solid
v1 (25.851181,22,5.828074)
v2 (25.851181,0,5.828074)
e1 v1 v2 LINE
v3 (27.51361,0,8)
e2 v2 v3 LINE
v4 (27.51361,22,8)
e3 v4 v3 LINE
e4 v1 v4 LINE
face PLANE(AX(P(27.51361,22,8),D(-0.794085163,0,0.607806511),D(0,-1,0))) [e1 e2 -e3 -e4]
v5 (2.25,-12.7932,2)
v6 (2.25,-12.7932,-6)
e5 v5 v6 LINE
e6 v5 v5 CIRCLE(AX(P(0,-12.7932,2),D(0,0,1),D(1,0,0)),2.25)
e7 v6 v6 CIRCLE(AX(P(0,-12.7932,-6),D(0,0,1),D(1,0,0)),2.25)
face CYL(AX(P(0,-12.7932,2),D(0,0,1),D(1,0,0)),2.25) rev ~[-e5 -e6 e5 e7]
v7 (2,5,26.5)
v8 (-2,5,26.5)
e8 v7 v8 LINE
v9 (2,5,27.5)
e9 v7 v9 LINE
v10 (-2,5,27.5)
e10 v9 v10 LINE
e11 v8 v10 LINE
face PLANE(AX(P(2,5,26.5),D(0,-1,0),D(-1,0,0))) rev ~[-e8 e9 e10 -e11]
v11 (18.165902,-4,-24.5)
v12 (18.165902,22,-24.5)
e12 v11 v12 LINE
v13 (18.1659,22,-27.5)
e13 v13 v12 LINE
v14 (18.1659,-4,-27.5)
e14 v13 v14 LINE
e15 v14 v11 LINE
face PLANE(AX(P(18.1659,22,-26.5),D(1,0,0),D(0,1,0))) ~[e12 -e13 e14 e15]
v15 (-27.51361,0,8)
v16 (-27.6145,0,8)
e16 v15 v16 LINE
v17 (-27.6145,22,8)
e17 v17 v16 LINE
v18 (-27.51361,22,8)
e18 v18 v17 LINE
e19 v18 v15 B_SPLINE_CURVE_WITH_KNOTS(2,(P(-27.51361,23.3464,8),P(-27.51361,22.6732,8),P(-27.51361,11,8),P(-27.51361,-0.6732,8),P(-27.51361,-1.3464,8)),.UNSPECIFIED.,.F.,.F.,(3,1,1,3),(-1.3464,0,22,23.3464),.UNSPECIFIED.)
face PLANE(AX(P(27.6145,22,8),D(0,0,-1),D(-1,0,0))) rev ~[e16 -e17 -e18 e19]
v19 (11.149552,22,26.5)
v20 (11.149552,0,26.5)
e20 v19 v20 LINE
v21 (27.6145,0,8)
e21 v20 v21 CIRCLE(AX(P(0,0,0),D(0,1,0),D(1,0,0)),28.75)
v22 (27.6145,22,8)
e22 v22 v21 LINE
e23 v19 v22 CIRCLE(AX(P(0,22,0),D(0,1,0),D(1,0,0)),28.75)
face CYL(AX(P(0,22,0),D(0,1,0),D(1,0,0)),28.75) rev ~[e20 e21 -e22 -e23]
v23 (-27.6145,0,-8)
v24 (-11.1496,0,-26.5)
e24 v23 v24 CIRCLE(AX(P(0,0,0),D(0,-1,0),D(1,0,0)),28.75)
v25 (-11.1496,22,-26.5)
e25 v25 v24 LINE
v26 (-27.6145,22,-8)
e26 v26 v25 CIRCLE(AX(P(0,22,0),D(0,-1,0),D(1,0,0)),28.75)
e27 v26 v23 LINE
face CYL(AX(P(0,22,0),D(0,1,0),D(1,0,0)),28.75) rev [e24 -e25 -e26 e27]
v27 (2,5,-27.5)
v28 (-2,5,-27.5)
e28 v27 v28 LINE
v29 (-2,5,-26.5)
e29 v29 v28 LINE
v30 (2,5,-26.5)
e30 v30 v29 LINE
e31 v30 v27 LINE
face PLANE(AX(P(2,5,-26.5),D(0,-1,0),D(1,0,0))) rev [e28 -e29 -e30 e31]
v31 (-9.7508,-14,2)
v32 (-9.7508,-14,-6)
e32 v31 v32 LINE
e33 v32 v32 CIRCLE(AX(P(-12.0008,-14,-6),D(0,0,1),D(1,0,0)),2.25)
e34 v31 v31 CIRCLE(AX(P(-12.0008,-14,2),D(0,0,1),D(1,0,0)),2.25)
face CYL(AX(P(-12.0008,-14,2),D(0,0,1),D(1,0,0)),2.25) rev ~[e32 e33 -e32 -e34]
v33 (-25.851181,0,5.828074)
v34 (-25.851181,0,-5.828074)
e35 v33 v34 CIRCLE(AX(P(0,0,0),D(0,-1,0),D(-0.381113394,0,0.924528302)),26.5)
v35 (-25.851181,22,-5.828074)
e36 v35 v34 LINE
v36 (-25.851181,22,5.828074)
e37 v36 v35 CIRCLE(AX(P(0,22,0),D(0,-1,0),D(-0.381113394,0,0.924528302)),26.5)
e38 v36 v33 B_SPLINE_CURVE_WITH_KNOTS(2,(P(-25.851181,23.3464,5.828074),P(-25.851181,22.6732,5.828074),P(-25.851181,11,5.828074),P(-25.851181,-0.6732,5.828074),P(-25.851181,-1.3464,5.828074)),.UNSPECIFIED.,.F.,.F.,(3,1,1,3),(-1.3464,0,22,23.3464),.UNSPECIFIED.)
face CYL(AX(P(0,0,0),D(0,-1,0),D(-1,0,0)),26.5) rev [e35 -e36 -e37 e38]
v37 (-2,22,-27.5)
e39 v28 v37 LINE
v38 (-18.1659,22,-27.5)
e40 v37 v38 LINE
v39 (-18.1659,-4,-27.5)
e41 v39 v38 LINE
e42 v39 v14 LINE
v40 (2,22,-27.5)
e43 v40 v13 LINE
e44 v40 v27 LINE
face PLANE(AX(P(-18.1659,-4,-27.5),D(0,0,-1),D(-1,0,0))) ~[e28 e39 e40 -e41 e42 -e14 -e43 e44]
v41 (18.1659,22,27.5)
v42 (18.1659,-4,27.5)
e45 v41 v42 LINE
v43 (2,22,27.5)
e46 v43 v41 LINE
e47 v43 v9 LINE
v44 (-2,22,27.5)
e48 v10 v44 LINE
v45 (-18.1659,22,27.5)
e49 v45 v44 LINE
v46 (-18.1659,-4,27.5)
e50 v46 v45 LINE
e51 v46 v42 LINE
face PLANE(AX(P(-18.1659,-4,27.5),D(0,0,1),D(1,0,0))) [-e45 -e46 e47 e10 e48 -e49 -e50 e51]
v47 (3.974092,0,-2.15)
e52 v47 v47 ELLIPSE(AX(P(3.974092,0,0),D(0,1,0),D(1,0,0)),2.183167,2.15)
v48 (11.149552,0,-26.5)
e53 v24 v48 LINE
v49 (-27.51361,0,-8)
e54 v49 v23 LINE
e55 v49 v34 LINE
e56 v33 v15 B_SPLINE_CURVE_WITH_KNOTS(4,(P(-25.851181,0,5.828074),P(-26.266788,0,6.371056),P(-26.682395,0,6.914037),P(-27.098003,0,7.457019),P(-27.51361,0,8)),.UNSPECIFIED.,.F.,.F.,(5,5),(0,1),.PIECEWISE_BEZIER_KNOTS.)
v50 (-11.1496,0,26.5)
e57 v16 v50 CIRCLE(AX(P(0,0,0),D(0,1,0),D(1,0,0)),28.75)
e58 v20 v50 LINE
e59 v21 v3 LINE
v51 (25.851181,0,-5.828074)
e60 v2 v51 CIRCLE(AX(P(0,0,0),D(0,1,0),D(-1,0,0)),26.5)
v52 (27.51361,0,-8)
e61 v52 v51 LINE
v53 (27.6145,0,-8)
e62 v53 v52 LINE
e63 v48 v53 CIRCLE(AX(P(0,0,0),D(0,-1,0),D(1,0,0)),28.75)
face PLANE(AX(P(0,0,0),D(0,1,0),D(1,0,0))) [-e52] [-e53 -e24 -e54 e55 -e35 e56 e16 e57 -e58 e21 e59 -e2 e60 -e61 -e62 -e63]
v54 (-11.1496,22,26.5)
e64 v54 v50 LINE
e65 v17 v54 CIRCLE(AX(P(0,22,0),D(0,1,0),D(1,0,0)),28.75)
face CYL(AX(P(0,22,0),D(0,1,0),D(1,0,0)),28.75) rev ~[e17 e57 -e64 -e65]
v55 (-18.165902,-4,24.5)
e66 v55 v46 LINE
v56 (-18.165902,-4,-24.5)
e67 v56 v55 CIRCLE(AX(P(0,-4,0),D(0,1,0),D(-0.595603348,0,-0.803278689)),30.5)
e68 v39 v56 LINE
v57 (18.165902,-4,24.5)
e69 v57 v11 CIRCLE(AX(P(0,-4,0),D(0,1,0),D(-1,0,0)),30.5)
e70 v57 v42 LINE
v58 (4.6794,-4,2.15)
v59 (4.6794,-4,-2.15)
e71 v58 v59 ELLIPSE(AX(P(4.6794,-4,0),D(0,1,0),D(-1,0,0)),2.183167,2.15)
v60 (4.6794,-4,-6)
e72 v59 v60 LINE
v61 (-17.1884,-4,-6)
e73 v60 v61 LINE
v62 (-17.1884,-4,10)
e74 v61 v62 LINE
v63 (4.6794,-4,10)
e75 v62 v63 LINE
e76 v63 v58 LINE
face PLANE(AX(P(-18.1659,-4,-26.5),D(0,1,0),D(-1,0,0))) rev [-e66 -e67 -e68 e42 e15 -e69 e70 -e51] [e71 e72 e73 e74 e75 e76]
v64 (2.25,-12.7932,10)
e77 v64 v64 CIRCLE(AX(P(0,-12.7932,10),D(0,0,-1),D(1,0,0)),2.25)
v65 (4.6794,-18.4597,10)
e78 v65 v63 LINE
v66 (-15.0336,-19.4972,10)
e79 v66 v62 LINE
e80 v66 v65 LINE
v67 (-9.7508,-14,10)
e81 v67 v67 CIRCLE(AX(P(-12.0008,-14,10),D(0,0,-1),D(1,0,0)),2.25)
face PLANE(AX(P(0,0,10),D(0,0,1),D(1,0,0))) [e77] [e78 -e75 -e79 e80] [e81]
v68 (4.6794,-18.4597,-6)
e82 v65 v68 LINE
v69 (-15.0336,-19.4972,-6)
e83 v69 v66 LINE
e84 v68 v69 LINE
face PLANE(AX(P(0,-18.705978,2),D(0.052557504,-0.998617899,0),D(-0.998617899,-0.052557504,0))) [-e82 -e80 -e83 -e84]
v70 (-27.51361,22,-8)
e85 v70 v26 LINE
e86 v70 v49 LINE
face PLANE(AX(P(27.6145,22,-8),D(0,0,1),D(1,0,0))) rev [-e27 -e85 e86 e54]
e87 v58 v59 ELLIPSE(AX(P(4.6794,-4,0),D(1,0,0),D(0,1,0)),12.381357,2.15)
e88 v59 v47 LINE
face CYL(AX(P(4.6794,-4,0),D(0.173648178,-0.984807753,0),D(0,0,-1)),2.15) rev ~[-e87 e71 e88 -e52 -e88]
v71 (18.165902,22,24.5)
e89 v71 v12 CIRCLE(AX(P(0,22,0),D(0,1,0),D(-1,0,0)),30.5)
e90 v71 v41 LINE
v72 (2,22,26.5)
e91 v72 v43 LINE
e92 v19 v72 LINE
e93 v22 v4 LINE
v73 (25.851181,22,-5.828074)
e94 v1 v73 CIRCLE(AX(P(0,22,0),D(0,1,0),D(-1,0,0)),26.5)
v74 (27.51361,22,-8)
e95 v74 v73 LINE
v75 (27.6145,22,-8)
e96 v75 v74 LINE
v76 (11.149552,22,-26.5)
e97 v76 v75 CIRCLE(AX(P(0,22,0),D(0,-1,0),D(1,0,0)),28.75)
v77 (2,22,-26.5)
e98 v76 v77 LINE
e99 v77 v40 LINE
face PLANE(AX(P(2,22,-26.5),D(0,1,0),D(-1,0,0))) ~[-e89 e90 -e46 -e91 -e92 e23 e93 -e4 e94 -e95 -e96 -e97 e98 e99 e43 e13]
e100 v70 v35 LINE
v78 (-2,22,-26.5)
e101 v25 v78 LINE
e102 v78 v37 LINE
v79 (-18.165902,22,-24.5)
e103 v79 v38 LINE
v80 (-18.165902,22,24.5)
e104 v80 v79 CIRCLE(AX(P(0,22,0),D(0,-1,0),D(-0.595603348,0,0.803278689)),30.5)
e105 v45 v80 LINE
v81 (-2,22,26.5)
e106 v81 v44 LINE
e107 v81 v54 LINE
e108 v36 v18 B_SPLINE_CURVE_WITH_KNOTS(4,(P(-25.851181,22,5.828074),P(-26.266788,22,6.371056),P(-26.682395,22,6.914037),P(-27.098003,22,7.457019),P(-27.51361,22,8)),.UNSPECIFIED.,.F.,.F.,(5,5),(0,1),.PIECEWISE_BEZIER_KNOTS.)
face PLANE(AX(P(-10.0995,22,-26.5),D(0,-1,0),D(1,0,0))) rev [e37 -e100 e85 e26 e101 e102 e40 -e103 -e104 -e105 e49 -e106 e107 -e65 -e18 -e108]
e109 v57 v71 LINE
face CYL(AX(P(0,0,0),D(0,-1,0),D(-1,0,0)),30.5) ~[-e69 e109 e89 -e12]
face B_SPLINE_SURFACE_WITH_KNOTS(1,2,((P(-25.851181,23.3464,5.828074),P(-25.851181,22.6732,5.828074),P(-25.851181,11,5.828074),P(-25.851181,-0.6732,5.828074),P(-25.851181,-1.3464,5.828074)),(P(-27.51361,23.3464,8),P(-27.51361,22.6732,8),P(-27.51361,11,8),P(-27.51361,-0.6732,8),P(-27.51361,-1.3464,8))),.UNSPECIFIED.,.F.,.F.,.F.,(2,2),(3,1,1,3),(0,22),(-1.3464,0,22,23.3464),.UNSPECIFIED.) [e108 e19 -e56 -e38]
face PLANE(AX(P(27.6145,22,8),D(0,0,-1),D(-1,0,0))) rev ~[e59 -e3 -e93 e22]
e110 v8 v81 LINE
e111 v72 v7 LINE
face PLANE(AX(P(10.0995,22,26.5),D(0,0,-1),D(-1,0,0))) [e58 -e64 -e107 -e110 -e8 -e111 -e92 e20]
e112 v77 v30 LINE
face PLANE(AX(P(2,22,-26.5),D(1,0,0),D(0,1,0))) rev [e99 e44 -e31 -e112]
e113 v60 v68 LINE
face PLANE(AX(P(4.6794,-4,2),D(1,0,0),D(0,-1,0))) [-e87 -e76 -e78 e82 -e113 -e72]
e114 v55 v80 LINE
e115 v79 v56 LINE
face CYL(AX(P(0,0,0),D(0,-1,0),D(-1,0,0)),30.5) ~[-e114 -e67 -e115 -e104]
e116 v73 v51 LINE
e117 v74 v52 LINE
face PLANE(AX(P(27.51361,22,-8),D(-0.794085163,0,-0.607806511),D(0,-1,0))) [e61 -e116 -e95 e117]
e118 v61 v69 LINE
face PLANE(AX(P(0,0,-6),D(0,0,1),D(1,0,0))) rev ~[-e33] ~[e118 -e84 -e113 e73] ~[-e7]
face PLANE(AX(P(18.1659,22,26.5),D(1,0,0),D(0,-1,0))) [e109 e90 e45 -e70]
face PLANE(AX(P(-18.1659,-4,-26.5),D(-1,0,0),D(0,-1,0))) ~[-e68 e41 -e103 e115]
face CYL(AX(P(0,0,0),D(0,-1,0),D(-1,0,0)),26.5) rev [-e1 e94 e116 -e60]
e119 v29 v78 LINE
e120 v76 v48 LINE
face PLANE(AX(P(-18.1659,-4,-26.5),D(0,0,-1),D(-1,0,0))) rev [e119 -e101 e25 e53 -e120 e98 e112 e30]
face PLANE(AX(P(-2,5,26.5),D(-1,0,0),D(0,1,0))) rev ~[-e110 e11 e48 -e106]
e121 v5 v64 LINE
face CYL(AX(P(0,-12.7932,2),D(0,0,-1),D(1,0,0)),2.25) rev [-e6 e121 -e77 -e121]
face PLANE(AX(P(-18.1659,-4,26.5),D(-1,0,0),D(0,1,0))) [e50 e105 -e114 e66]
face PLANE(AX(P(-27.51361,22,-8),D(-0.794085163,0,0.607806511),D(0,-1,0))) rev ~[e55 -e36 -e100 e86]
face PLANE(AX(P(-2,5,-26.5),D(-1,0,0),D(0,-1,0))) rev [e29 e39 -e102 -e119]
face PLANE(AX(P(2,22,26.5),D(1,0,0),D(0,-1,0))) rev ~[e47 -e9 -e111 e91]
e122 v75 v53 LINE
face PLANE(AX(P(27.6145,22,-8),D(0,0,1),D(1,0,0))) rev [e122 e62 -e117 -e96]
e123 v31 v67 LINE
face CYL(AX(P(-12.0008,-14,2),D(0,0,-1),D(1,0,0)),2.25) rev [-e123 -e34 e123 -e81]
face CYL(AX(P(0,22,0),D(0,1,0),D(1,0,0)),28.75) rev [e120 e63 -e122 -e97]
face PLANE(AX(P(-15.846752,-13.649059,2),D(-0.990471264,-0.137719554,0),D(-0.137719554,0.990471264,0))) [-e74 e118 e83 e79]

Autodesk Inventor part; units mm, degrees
sketch "Sketch1" plane through (0, 0, 0) normal (0, 1, 0) x (-1, 0, 0)
  circle A0 centre (0, 0) radius 26.5
  circle A1 centre (0, 0) radius 30.5
  dimension "d0" = 53
  dimension "d1" = 4
extrude "Extrusion1" add sketch "Sketch1" along normal blind 22
extrude "Extrusion2" add sketch "Sketch1" against normal blind 4 contours A0 | A1
ref_plane "Work Plane1" through (0, 15, 0) normal (0, 1, 0) x (1, 0, 0)
ref_plane "Work Plane2" through (30.5, 0, 0) normal (1, 0, 0) x (0, 1, 0)
sketch "Sketch3" plane through (30.5, 0, 0) normal (1, 0, 0) x (0, 1, 0)
  line L0 (14, -18.4883) -> (14, 18.4883) projected
  line L1 (16, 18.4883) -> (16, -18.4883) projected
  line L2 (16, 21.067) -> (16, 18.4883) projected
  line L3 (14, 18.4883) -> (14, 21.067) projected
  line L4 (16, 21.067) -> (16, -21.067) projected
  line L5 (16, 21.067) -> (16, 18.4883) projected
  line L6 (16, 18.4883) -> (16, -18.4883) projected
  line L7 (16, -18.4883) -> (16, -21.067) projected
  line L8 (14, -21.067) -> (14, -18.4883) projected
  line L9 (23, 32.2933) -> (-6, 32.2933)
  line L10 (-6, 32.2933) -> (-6, -38.454)
  line L11 (-6, -38.454) -> (23, -38.454)
  line L12 (23, -38.454) -> (23, 32.2933)
  line L13 (23, 24.5) -> (-6, 24.5)
  line L14 (23, -24.5) -> (-6.5731, -24.5)
  line L15 (-4, 30.5) -> (22, 30.5) projected
  line L16 (-4, -30.5) -> (22, -30.5) projected
  point P0 (0, 0)
  point P1 (-6, -24.5)
  dimension "d11" = 7
  dimension "d12" = 20
  dimension "d31" = 6
  dimension "d32" = 6
extrude "Extrusion4" cut sketch "Sketch3" against normal through all contours L12 L13 L10 L9 | L12 L11 L10 L14
sketch "Sketch4" plane through (0, 15, 0) normal (0, 1, 0) x (1, 0, 0)
  point P0 (0, 0)
ref_plane "Work Plane6" through (0, 0, 2) normal (0, 0, 1) x (1, 0, 0)
ref_plane "Work Plane5" through (0, 0, 30.5) normal (0, 0, 1) x (1, 0, 0)
sketch "Sketch6" plane through (0, 0, 2) normal (0, 0, 1) x (1, 0, 0)
  point P0 (0, 0)
sketch "Sketch7" plane through (0, 0, 2) normal (0, 0, 1) x (1, 0, 0)
  line L0 (-30.5, -4) -> (30.5, -4) projected
  line L1 (0, -4) -> (0, -71)
  circle A0 centre (0, -71) radius 57
  circle A1 centre (0, -71) radius 59.5
  circle A2 centre (0, -12.7932) radius 2.25
  circle A3 centre (-12.0008, -14) radius 2.25
  line L2 (4.6794, -4) -> (4.6794, -18.4597)
  line L3 (4.6794, -18.4597) -> (-15.0336, -19.4972)
  line L4 (-15.0336, -19.4972) -> (-17.1884, -4)
  point P0 (0, 0)
  dimension "d24" = 67
  dimension "d25" = 114
  dimension "d26" = 119
  dimension "d27" = 4.5
  dimension "d28" = 4.5
extrude "Extrusion6" add sketch "Sketch7" along normal mid plane 16 contours L0 L1 A2 A1 A3 L4 | L0 L2 A1 A2 L1 | A1 A3 A0 L4 | A0 A3 A2 L1 L3 L4 | L2 A0 A2 A1 | A2 A0 A3 A1 | L2 L3 L1 A2 A0
sketch "Sketch8" plane through (-18.1659, -4, 24.5) normal (0, 0, 1) x (1, 0, 0)
  line L0 (28.2654, 26) -> (36.3318, 26) projected
  line L1 (36.3318, 0) -> (0, 0) projected
  line L2 (36.3318, 26) -> (28.2654, 26)
  line L3 (28.2654, 26) -> (28.2654, 0)
  line L4 (28.2654, 0) -> (36.3318, 0)
  line L5 (36.3318, 0) -> (36.3318, 26)
  line L6 (28.2654, 4) -> (28.2654, 26) projected
  line L7 (0, 0) -> (0, 26) projected
  line L8 (36.3318, 0) -> (0, 0)
  line L9 (0, 0) -> (0, 4)
  line L10 (0, 4) -> (36.3318, 4)
  line L11 (36.3318, 4) -> (36.3318, 0)
  line L12 (8.0664, 26) -> (8.0664, 4) projected
  line L13 (0, 0) -> (8.0664, 0)
  line L14 (8.0664, 0) -> (8.0664, 26)
  line L15 (8.0664, 26) -> (0, 26)
  line L16 (0, 26) -> (0, 0)
  point P0 (18.1659, 4)
  dimension "d33" = 0
extrude "Extrusion7" add sketch "Sketch8" along normal blind 2
sketch "Sketch9" plane through (-18.1659, -4, 26.5) normal (0, 0, 1) x (1, 0, 0)
  line L0 (0, 0) -> (36.3318, 0) projected
  line L1 (8.0664, 26) -> (0, 26) projected
  line L2 (36.3318, 0) -> (0, 0)
  line L3 (0, 0) -> (0, 26)
  line L4 (0, 26) -> (36.3318, 26)
  line L5 (36.3318, 26) -> (36.3318, 0)
  line L6 (20.1659, 9) -> (16.1659, 9)
  line L7 (16.1659, 9) -> (16.1659, 26)
  line L8 (16.1659, 26) -> (20.1659, 26)
  line L9 (20.1659, 26) -> (20.1659, 9)
  line L10 (28.2654, 4) -> (8.0664, 4) projected
  point P0 (18.1659, 4)
  point P1 (18.1659, 4)
  point P2 (18.1659, 9)
  point P3 (18.1659, 4)
  dimension "d36" = 4
  dimension "d37" = 0
  dimension "d38" = 5
  dimension "d39" = 0
extrude "Extrusion8" add sketch "Sketch9" along normal blind 1 contours L3 L1 L4 L7 L6 L9 L5 L0
mirror "Mirror1" about plane through (0, 0, 0) normal (0, 0, 1) of "Extrusion8", "Extrusion7"
sketch "Sketch10" plane through (0, 22, 0) normal (0, 1, 0) x (1, 0, 0)
  circle A0 centre (0, 0) radius 28.75
  line L0 (10.0995, -24.5) -> (10.0995, -26.5) projected
  line L1 (10.0995, -26.5) -> (11.74, -26.5)
  line L2 (10.0995, -26.5) -> (11.74, -26.5) construction
  line L3 (11.74, -26.5) -> (-11.1496, -26.5)
  line L4 (27.6145, -8) -> (-27.6145, -8)
  point P0 (0, -8)
  point P1 (11.1496, -26.5)
  dimension "d42" = 57.5
  dimension "d43" = 0
  dimension "d44" = 8
extrude "Extrusion9" cut sketch "Sketch10" against normal up to surface (22 mm away) contours L4 A0 L1 L3
chamfer "Chamfer1" distance 2.25 angle 45 2 edges at (-25.2636, 11, 8) (25.2636, 11, 8)
mirror "Mirror2" about plane through (0, 0, 0) normal (0, 0, 1) of "Extrusion9"
chamfer "Chamfer2" distance 2.25 angle 45 2 edges at (-25.2636, 11, -8) (25.2636, 11, -8)
ref_plane "Work Plane7" through (4.6794, -4, 1) normal (0.1736, -0.9848, 0) x (0, 0, -1)
sketch "Sketch11" plane through (4.6794, -4, 1) normal (0.1736, -0.9848, 0) x (0, 0, -1)
  line L0 (-26.5, -22.4982) -> (-26.5, 13.2817) projected
  line L1 (28.5, -22.4982) -> (28.5, 13.2817) projected
  line L2 (7, -2.5109) -> (-9, -2.5109) projected
  line L3 (-9, 0) -> (7, 0) projected
  circle A0 centre (1, 0) radius 2.15
  point P0 (1, -3.9137)
  dimension "d54" = 4.3
  dimension "d55" = 27.5
extrude "Extrusion10" cut sketch "Sketch11" along normal through all both and the other way through all
ref_plane "Work Plane3" through (30.5, 0, 0) normal (1, 0, 0) x (0, 1, 0)
sketch "Sketch5" plane through (2, 0, 0) normal (1, 0, 0) x (0, 1, 0)
  line L0 (-4, 30.5) -> (-4, -30.5) projected
  line L1 (-4, 0) -> (-71, 0)
  circle A0 centre (-71, 0) radius 57
  circle A1 centre (-71, 0) radius 59.5
  circle A2 centre (-12.675, 0) radius 1.5
  circle A3 centre (-14.6323, 14.7617) radius 1.5
  line L2 (-4, -4.4838) -> (-16.1323, -4.4838)
  line L3 (-16.1323, -4.4838) -> (-19.3598, 18.592)
  line L4 (-19.3598, 18.592) -> (-4, 18.9349)
  point P0 (0, 0)
  dimension "d16" = 67
  dimension "d17" = 114
  dimension "d18" = 119
  dimension "d19" = 3
  dimension "d20" = 3
properties part number "BigLif2"
